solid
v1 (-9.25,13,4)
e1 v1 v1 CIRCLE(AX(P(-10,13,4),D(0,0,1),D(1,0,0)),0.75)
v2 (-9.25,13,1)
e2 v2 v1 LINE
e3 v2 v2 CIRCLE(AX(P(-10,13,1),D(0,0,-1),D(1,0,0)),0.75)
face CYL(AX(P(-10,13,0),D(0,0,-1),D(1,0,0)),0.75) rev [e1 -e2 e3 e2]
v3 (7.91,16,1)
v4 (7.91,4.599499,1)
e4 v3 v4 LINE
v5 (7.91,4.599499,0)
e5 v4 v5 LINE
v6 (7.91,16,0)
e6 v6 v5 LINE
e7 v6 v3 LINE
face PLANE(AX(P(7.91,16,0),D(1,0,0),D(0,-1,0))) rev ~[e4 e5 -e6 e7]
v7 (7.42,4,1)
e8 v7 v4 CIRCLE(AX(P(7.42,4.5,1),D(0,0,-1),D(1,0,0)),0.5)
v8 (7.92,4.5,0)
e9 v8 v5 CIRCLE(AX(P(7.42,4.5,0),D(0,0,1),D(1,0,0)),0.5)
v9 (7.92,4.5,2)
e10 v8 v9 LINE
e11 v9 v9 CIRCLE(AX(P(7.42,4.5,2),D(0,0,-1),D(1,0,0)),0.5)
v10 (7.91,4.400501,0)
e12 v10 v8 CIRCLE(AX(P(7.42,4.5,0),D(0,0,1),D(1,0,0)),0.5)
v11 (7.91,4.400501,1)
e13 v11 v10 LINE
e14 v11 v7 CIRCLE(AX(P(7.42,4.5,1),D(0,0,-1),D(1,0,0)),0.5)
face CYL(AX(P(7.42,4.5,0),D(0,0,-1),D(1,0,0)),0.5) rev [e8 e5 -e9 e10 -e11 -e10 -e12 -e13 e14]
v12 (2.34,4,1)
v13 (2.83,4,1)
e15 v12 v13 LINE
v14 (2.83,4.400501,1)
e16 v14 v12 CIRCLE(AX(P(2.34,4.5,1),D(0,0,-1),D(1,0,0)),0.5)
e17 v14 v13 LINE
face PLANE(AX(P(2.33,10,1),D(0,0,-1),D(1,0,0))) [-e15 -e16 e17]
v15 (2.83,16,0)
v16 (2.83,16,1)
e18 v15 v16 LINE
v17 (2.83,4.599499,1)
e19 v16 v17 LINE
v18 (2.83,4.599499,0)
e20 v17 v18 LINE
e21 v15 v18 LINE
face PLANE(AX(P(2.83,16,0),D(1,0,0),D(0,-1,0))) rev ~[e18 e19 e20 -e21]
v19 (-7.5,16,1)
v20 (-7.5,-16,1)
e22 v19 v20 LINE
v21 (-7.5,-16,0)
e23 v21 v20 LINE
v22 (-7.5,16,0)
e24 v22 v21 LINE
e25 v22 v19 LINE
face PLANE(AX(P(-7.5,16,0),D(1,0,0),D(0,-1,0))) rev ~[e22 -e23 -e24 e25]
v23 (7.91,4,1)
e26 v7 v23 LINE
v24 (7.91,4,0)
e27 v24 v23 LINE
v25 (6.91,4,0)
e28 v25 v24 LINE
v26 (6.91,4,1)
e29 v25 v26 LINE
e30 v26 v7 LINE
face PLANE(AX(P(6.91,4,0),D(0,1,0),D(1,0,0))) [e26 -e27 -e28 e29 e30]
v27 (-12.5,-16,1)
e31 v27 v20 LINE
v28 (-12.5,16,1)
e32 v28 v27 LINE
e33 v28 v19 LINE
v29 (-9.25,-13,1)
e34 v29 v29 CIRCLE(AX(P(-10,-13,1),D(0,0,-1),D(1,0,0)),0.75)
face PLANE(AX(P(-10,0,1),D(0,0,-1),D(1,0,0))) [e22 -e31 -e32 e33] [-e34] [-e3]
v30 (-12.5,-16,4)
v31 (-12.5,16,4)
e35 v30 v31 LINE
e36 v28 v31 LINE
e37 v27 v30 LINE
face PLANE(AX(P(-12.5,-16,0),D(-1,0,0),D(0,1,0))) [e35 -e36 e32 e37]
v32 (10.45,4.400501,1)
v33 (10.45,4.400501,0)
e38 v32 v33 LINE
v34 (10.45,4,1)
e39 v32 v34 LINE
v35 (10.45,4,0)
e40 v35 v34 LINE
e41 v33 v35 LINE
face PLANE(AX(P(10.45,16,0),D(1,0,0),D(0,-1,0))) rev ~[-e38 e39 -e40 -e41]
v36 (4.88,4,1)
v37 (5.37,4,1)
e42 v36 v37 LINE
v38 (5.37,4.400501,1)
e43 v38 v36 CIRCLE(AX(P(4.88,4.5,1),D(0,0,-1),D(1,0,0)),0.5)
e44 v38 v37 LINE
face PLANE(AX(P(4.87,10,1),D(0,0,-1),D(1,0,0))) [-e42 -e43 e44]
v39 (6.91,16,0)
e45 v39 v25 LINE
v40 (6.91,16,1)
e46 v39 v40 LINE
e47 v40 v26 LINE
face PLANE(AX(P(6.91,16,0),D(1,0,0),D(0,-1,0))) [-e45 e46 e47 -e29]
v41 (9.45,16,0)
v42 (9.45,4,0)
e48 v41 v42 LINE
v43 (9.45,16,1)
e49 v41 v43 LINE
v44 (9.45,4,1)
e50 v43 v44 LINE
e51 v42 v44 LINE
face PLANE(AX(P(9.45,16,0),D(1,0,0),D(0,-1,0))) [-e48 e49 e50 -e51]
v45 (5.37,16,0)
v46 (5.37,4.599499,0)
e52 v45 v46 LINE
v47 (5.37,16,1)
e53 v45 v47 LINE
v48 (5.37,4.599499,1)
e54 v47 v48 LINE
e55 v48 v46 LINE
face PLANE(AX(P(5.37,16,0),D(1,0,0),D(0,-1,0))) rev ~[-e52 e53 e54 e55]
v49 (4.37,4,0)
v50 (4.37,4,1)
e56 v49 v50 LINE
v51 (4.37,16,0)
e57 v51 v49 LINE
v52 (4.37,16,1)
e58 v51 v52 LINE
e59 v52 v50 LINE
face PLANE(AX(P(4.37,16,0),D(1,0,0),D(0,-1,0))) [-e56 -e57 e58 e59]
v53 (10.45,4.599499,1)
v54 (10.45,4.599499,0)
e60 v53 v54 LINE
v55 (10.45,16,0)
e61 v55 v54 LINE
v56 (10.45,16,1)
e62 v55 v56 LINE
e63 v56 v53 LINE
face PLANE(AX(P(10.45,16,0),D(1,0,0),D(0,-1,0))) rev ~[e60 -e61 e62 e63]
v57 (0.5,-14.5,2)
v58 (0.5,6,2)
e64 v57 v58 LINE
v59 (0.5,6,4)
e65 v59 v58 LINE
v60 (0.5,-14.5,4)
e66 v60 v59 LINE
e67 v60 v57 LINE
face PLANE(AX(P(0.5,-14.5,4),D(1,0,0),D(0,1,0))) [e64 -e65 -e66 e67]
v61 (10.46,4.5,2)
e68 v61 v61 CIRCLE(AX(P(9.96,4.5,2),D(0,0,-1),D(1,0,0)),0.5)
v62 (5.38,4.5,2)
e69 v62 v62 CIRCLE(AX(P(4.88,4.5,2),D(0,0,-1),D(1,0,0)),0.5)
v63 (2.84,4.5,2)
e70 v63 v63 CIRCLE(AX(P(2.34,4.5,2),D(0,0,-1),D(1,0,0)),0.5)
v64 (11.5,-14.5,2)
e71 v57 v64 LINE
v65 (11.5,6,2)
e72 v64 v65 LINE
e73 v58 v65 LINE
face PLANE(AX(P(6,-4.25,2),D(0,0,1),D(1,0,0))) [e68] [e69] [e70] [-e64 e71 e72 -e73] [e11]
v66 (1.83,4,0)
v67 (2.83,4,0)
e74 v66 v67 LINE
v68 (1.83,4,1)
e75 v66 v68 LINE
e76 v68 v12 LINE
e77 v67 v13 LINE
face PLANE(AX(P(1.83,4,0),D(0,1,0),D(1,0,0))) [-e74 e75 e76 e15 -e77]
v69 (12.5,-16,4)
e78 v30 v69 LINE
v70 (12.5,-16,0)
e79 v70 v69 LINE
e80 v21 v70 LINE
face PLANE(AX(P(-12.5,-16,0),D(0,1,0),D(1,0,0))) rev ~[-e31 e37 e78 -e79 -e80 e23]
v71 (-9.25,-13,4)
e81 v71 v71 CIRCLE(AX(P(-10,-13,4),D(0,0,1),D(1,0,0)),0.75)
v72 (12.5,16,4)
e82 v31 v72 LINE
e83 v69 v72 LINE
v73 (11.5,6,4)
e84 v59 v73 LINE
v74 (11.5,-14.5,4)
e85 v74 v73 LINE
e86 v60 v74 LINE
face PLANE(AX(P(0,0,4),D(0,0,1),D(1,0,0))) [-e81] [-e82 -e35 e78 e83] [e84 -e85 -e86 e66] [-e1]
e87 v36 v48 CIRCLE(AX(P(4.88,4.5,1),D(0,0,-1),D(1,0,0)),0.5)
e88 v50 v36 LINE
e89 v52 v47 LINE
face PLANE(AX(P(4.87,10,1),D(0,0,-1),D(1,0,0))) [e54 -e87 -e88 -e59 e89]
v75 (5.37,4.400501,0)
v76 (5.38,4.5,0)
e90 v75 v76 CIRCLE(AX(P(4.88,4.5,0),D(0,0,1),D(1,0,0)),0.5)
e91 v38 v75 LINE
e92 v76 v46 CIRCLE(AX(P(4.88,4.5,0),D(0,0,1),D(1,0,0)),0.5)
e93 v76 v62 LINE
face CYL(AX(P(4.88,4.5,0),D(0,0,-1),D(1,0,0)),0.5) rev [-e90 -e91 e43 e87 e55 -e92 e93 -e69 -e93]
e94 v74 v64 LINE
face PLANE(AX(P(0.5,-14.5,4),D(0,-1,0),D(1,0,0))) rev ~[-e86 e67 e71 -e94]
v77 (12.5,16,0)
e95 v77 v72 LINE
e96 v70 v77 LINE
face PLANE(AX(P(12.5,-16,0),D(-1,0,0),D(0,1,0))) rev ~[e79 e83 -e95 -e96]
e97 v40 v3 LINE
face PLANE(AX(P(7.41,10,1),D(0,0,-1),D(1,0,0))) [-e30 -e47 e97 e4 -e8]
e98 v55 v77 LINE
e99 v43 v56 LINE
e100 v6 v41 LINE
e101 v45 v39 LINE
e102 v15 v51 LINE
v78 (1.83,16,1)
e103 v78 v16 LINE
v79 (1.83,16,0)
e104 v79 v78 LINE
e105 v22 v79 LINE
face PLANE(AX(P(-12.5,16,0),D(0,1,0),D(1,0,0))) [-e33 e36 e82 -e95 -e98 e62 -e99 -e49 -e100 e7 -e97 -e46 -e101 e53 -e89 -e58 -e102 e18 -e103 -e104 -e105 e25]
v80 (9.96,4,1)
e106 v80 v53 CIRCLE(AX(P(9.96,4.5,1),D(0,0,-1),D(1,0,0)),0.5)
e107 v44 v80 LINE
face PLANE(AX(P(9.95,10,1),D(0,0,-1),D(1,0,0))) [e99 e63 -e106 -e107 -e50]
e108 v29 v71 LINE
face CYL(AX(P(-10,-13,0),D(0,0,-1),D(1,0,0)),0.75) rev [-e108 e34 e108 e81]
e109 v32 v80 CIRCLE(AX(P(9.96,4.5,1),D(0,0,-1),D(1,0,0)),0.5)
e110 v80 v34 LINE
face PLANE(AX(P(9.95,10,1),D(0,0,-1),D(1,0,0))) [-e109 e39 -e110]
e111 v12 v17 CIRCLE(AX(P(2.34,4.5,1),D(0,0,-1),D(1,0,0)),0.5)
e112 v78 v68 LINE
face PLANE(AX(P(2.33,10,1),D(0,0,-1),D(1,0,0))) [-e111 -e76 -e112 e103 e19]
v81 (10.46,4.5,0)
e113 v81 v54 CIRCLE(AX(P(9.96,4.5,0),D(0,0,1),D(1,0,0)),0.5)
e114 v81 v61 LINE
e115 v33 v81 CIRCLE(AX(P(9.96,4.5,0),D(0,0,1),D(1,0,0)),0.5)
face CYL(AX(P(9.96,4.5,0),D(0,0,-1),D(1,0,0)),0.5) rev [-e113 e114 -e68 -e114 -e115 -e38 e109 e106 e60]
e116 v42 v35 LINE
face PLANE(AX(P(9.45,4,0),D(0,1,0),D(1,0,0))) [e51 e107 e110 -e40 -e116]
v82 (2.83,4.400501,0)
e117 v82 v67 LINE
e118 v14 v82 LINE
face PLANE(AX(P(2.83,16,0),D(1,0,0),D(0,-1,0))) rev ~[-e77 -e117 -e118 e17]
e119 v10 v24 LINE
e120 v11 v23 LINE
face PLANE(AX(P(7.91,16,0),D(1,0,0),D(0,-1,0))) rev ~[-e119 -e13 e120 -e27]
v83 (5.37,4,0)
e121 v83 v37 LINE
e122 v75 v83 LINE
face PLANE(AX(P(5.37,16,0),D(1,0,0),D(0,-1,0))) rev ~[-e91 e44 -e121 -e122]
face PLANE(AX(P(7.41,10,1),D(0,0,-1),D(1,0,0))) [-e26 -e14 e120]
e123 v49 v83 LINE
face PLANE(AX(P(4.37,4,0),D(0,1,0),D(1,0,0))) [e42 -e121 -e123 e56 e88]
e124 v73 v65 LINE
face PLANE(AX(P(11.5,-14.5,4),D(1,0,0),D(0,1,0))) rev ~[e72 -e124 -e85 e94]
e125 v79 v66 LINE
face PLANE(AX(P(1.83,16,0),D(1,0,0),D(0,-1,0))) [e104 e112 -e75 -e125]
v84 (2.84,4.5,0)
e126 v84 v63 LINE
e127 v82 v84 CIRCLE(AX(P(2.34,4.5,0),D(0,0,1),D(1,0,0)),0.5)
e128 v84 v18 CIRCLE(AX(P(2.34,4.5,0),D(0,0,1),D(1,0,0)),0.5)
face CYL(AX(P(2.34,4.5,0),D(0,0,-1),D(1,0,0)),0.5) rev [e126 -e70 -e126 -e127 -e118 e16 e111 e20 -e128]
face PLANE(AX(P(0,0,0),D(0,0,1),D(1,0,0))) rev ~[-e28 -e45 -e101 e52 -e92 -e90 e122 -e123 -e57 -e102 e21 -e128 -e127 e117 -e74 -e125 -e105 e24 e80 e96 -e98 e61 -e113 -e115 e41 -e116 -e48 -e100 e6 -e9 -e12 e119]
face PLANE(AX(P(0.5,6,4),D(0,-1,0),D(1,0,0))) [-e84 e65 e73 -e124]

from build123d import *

# Parameters (mm, degrees)
SKETCH_W        = 25
SKETCH_H        = 32
SKETCH_R        = 0.75
SKETCH_R_2      = 0.5
PAD_DEPTH       = 4
SKETCH001_W     = 5
SKETCH001_H     = 32
POCKET_DEPTH    = 1
SKETCH002_W     = 11
SKETCH002_H     = 20.5
POCKET001_DEPTH = 2
SKETCH003_W     = 1
SKETCH003_H     = 12
POCKET002_DEPTH = 1


with BuildPart() as part:
    # Sketch → Pad (new body)
    with BuildSketch(Plane.XY):
        Rectangle(SKETCH_W, SKETCH_H)
        with Locations((-10, 13)):
            Circle(SKETCH_R, mode=Mode.SUBTRACT)
        with Locations((-10, -13)):
            Circle(SKETCH_R, mode=Mode.SUBTRACT)
        with Locations((2.34, 4.5)):
            Circle(SKETCH_R_2, mode=Mode.SUBTRACT)
        with Locations((4.88, 4.5)):
            Circle(SKETCH_R_2, mode=Mode.SUBTRACT)
        with Locations((7.42, 4.5)):
            Circle(SKETCH_R_2, mode=Mode.SUBTRACT)
        with Locations((9.96, 4.5)):
            Circle(SKETCH_R_2, mode=Mode.SUBTRACT)
    extrude(amount=PAD_DEPTH)

    # Sketch001 (on Face11 of Pad) → Pocket (cut)
    with BuildSketch(Plane(origin=(0, 0, 0), x_dir=(1, 0, 0), z_dir=(0, 0, -1))):
        with Locations((-10, 0)):
            Rectangle(SKETCH001_W, SKETCH001_H)
    extrude(amount=-POCKET_DEPTH, mode=Mode.SUBTRACT)

    # Sketch002 (on Face6 of Pocket) → Pocket001 (cut)
    with BuildSketch(Plane.XY.offset(4)):
        with Locations((6, -4.25)):
            Rectangle(SKETCH002_W, SKETCH002_H)
    extrude(amount=-POCKET001_DEPTH, mode=Mode.SUBTRACT)

    # Sketch003 (on Face4 of Pocket001) → Pocket002 (cut)
    with BuildSketch(Plane(origin=(0, 0, 0), x_dir=(1, 0, 0), z_dir=(0, 0, -1))):
        with Locations((2.33, -10)):
            Rectangle(SKETCH003_W, SKETCH003_H)
        with Locations((4.87, -10)):
            Rectangle(SKETCH003_W, SKETCH003_H)
        with Locations((7.41, -10)):
            Rectangle(SKETCH003_W, SKETCH003_H)
        with Locations((9.95, -10)):
            Rectangle(SKETCH003_W, SKETCH003_H)
    extrude(amount=-POCKET002_DEPTH, mode=Mode.SUBTRACT)


solid = part.part
